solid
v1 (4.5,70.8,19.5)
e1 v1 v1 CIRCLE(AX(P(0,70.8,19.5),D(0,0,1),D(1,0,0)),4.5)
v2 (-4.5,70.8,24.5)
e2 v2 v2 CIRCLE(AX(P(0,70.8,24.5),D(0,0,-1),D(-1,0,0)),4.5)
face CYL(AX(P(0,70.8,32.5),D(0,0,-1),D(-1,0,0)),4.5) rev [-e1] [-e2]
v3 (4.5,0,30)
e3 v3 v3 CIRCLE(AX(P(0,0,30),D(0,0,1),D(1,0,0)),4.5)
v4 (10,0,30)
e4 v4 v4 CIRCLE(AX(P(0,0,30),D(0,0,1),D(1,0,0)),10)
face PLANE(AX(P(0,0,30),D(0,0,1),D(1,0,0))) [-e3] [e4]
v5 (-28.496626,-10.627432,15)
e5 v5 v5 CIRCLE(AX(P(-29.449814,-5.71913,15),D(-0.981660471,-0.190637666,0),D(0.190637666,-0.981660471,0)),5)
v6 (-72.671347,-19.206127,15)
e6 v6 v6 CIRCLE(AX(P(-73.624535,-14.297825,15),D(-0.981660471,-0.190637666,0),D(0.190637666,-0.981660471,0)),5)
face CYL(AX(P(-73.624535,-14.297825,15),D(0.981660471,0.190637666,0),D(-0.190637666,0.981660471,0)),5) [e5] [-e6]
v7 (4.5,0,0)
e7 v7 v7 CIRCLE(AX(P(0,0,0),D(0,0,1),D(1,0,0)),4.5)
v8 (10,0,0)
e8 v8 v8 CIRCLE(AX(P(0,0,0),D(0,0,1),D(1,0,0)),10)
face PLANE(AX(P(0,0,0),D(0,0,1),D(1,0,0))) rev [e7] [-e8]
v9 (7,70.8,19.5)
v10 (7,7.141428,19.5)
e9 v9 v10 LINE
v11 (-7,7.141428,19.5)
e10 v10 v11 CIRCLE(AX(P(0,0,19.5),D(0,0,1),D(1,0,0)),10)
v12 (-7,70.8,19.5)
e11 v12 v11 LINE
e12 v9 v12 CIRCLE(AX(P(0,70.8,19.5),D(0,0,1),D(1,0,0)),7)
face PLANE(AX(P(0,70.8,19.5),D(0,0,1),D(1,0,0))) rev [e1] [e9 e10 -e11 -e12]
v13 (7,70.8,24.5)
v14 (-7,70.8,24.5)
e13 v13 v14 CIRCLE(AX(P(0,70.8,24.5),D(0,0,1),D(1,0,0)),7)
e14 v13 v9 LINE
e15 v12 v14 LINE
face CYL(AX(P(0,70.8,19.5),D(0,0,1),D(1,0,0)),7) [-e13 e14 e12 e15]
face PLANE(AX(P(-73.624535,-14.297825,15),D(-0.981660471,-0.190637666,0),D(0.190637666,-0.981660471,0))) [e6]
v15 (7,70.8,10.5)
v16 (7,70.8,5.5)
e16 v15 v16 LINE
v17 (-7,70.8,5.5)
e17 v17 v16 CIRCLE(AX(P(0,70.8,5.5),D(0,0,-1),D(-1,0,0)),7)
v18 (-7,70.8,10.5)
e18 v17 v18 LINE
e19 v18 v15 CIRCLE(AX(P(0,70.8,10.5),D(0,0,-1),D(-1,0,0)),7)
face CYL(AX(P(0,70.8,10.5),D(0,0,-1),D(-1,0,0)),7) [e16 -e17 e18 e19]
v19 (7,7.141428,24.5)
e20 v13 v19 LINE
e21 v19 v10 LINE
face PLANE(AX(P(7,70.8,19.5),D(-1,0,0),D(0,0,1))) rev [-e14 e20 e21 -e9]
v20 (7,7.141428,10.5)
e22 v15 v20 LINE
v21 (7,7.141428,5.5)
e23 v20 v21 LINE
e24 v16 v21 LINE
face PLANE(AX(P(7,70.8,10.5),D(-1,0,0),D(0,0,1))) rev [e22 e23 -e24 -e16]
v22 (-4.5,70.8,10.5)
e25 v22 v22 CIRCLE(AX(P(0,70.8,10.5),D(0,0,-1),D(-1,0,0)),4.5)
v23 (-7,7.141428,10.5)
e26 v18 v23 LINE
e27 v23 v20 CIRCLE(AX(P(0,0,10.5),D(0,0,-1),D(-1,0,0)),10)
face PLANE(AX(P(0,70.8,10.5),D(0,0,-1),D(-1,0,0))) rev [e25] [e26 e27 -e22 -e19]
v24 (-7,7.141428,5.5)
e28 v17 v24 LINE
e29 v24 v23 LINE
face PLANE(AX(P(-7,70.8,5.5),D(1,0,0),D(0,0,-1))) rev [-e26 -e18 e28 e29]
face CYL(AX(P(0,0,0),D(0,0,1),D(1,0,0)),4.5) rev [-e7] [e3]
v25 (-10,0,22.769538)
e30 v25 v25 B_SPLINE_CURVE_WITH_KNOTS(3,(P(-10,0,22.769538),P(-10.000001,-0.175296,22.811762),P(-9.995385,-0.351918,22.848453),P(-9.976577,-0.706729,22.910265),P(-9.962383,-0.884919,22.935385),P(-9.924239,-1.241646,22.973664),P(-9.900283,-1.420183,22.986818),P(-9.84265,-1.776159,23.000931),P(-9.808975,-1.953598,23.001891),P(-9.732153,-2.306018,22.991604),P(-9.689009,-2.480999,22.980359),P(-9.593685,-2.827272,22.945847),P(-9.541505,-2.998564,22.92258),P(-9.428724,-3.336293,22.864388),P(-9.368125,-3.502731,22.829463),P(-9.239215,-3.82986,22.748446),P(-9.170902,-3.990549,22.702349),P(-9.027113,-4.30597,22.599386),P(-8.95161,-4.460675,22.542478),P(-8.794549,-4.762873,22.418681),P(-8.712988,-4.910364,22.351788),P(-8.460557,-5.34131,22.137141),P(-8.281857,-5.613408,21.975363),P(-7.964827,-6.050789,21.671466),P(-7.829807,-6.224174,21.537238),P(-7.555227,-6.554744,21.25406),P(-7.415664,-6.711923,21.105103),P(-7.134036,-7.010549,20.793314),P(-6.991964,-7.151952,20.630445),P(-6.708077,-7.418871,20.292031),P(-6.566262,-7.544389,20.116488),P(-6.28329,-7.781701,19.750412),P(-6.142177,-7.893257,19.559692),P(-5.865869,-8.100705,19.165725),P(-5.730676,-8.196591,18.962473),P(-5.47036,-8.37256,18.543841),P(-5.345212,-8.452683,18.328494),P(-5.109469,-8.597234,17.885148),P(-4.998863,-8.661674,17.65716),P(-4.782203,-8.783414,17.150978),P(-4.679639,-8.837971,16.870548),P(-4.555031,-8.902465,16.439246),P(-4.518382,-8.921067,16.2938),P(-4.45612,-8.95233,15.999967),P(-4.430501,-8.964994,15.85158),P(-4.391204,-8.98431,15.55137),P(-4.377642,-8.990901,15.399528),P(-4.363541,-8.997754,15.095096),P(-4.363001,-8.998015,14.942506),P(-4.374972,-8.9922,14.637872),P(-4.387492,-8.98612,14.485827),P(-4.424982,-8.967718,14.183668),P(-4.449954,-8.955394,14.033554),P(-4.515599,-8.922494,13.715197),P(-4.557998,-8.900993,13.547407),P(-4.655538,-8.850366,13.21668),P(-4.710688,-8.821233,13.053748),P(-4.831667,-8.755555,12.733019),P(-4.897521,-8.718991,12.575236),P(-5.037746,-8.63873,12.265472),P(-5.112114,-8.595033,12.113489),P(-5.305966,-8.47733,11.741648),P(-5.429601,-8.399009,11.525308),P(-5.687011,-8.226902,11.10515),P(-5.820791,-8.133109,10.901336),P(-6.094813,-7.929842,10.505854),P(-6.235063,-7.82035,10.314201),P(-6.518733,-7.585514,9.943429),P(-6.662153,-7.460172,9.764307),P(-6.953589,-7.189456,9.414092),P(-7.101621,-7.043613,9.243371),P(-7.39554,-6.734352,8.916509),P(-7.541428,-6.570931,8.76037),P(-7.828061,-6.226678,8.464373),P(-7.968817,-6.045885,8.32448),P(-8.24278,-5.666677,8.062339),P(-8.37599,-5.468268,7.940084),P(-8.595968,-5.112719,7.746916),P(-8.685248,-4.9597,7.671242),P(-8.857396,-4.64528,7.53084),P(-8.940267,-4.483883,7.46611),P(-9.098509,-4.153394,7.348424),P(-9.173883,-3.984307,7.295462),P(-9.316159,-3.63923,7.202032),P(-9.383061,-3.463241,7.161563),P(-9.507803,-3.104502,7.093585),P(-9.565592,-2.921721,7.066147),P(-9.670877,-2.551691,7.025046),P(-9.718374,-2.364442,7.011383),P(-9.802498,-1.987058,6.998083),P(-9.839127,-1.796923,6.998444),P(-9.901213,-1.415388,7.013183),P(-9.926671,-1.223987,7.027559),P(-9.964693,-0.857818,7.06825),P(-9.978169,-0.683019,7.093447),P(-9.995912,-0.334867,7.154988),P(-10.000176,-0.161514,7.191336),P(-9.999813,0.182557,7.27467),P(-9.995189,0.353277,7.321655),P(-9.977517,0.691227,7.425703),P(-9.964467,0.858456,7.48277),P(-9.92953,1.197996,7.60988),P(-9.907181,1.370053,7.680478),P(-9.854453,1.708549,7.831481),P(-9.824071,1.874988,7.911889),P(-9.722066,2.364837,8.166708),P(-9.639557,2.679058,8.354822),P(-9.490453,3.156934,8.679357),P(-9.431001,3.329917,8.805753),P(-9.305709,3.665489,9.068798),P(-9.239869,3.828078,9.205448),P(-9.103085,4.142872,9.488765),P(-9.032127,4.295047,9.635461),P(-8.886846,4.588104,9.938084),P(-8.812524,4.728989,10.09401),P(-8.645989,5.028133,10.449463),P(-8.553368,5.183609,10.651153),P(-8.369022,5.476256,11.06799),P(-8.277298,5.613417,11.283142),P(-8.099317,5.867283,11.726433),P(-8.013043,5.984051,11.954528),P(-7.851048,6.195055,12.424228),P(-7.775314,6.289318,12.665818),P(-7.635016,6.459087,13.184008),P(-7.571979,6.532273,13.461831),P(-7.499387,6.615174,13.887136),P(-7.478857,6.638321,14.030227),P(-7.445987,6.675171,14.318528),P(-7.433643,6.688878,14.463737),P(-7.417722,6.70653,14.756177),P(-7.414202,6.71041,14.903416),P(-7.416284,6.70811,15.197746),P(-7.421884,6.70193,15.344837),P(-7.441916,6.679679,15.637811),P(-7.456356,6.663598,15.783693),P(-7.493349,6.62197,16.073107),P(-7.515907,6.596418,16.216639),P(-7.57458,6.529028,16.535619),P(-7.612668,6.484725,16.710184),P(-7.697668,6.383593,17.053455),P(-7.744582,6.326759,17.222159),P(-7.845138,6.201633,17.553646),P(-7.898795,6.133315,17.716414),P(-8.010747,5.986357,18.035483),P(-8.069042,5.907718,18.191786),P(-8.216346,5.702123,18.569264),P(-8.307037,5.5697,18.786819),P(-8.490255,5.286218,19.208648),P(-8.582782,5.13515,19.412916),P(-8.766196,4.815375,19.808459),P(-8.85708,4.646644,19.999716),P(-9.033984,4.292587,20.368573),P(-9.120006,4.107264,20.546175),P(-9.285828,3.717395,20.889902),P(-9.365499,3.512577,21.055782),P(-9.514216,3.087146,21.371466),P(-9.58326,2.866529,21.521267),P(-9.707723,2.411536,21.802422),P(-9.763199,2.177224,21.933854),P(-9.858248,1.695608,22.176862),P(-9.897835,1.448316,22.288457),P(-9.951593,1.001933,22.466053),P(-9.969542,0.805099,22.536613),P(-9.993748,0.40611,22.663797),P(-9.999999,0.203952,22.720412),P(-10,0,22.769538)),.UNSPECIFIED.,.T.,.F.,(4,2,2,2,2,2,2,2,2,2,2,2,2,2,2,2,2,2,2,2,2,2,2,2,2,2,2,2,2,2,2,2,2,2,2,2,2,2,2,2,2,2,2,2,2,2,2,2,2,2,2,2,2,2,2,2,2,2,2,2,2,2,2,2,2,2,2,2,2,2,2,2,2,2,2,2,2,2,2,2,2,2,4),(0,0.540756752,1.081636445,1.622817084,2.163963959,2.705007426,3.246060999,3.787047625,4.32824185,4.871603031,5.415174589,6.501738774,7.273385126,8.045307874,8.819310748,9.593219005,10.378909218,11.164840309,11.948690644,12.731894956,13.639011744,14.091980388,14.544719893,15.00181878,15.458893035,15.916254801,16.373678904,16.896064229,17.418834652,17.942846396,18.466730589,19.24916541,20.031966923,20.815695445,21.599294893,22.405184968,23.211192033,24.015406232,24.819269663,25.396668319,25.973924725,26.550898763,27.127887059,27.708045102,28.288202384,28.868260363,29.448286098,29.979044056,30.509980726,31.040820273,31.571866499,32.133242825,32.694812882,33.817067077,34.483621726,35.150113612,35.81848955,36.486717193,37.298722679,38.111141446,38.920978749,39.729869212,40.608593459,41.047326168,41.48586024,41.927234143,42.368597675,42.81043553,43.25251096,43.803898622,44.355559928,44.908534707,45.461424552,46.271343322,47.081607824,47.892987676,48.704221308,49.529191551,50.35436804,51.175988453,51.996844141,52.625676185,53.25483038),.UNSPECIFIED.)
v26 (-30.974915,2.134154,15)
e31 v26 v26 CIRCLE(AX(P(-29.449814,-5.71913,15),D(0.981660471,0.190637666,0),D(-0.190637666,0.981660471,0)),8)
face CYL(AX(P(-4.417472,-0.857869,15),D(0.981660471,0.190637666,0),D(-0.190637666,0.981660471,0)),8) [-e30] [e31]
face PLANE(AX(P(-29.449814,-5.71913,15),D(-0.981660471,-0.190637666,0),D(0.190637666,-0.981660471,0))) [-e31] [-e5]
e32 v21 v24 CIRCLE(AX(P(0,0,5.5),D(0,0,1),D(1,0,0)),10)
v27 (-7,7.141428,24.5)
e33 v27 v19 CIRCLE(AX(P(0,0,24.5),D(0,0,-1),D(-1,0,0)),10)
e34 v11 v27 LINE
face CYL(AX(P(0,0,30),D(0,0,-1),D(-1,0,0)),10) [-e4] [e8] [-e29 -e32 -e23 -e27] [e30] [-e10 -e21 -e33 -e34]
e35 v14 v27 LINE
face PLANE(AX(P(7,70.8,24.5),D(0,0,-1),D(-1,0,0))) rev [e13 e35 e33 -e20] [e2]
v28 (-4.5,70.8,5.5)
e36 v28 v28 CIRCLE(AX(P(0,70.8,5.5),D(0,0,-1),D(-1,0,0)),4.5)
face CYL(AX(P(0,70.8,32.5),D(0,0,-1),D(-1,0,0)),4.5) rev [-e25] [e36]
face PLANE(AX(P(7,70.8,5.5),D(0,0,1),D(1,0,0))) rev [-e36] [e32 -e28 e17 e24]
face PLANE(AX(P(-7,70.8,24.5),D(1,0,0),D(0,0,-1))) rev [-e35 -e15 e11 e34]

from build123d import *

# Parameters (mm, degrees)
SKETCH_1_R          = 10
EXTRUDE_1_DEPTH     = 30
SKETCH_2_R          = 4.5
CUT_EXTRUDE_1_DEPTH = 30
EXTRUDE_START       = 4.5
EXTRUDE_2_DEPTH     = 66.3
EXTRUDE_3_DEPTH     = 5
EXTRUDE_START_2     = -5
EXTRUDE_4_DEPTH     = 5
SKETCH_6_R          = 4.5
CUT_EXTRUDE_2_DEPTH = 27
SKETCH_17_R         = 5
EXTRUDE_9_DEPTH     = 45


with BuildPart() as part:
    # 草图1 → 凸台-拉伸1 (new body)
    with BuildSketch(Plane.XY):
        Circle(SKETCH_1_R)
    extrude(amount=EXTRUDE_1_DEPTH)

    # 草图2 → 切除-拉伸1 (cut)
    with BuildSketch(Plane.XY.offset(30)):
        Circle(SKETCH_2_R)
    extrude(amount=-CUT_EXTRUDE_1_DEPTH, mode=Mode.SUBTRACT)

    # 草图3 → 凸台-拉伸2 (add)
    with BuildSketch(Plane(origin=(0, 0, 0), x_dir=(1, 0, 0), z_dir=(0, 1, 0)).offset(EXTRUDE_START)):
        Polygon((0, -19.5), (7, -19.5), (7, -24.5), (-7, -24.5), (-7, -19.5), align=None)
        Polygon((0, -10.5), (7, -10.5), (7, -5.5), (-7, -5.5), (-7, -10.5), align=None)
    extrude(amount=EXTRUDE_2_DEPTH)

    # 草图4 → 凸台-拉伸3 (add)
    with BuildSketch(Plane(origin=(0, 0, 5.5), x_dir=(-1, 0, 0), z_dir=(0, 0, -1))):
        with BuildLine():
            Line((-7, 70.8), (7, 70.8))
            ThreePointArc((7, 70.8), (0, 77.8), (-7, 70.8))
        make_face()
    extrude(amount=-EXTRUDE_3_DEPTH)

    # 草图5 → 凸台-拉伸4 (add)
    with BuildSketch(Plane.XY.offset(24.5).offset(EXTRUDE_START_2)):
        with BuildLine():
            Line((-7, 70.8), (7, 70.8))
            ThreePointArc((7, 70.8), (0, 77.8), (-7, 70.8))
        make_face()
    extrude(amount=EXTRUDE_4_DEPTH)

    # 草图6 → 切除-拉伸2 (cut)
    with BuildSketch(Plane(origin=(0, 0, 5.5), x_dir=(-1, 0, 0), z_dir=(0, 0, -1))):
        with Locations((0, 70.8)):
            Circle(SKETCH_6_R)
    extrude(amount=-CUT_EXTRUDE_2_DEPTH, mode=Mode.SUBTRACT)

    # 草图15 → 旋转1 (revolve)
    with BuildSketch(Plane.XY.offset(15)):
        Polygon((-4.417472119, -0.857869498), (-5.942573449, 6.99541427), (-30.974915458, 2.134153781), (-29.449814128, -5.719129986), align=None)
    revolve(axis=Axis((-4.417472119, -0.857869498, 15), (-0.9816604709485747, -0.1906376662074486, 0)))

    # 草图17 → 凸台-拉伸9 (add)
    with BuildSketch(Plane(origin=(-29.449814128, -5.719129986, 0), x_dir=(0, 0, 1), z_dir=(-0.9816604709485748, -0.19063766620744863, 0))):
        with Locations(Location((15, 0, 0), (0, 0, 270))):
            Circle(SKETCH_17_R)
    extrude(amount=EXTRUDE_9_DEPTH)


solid = part.part
